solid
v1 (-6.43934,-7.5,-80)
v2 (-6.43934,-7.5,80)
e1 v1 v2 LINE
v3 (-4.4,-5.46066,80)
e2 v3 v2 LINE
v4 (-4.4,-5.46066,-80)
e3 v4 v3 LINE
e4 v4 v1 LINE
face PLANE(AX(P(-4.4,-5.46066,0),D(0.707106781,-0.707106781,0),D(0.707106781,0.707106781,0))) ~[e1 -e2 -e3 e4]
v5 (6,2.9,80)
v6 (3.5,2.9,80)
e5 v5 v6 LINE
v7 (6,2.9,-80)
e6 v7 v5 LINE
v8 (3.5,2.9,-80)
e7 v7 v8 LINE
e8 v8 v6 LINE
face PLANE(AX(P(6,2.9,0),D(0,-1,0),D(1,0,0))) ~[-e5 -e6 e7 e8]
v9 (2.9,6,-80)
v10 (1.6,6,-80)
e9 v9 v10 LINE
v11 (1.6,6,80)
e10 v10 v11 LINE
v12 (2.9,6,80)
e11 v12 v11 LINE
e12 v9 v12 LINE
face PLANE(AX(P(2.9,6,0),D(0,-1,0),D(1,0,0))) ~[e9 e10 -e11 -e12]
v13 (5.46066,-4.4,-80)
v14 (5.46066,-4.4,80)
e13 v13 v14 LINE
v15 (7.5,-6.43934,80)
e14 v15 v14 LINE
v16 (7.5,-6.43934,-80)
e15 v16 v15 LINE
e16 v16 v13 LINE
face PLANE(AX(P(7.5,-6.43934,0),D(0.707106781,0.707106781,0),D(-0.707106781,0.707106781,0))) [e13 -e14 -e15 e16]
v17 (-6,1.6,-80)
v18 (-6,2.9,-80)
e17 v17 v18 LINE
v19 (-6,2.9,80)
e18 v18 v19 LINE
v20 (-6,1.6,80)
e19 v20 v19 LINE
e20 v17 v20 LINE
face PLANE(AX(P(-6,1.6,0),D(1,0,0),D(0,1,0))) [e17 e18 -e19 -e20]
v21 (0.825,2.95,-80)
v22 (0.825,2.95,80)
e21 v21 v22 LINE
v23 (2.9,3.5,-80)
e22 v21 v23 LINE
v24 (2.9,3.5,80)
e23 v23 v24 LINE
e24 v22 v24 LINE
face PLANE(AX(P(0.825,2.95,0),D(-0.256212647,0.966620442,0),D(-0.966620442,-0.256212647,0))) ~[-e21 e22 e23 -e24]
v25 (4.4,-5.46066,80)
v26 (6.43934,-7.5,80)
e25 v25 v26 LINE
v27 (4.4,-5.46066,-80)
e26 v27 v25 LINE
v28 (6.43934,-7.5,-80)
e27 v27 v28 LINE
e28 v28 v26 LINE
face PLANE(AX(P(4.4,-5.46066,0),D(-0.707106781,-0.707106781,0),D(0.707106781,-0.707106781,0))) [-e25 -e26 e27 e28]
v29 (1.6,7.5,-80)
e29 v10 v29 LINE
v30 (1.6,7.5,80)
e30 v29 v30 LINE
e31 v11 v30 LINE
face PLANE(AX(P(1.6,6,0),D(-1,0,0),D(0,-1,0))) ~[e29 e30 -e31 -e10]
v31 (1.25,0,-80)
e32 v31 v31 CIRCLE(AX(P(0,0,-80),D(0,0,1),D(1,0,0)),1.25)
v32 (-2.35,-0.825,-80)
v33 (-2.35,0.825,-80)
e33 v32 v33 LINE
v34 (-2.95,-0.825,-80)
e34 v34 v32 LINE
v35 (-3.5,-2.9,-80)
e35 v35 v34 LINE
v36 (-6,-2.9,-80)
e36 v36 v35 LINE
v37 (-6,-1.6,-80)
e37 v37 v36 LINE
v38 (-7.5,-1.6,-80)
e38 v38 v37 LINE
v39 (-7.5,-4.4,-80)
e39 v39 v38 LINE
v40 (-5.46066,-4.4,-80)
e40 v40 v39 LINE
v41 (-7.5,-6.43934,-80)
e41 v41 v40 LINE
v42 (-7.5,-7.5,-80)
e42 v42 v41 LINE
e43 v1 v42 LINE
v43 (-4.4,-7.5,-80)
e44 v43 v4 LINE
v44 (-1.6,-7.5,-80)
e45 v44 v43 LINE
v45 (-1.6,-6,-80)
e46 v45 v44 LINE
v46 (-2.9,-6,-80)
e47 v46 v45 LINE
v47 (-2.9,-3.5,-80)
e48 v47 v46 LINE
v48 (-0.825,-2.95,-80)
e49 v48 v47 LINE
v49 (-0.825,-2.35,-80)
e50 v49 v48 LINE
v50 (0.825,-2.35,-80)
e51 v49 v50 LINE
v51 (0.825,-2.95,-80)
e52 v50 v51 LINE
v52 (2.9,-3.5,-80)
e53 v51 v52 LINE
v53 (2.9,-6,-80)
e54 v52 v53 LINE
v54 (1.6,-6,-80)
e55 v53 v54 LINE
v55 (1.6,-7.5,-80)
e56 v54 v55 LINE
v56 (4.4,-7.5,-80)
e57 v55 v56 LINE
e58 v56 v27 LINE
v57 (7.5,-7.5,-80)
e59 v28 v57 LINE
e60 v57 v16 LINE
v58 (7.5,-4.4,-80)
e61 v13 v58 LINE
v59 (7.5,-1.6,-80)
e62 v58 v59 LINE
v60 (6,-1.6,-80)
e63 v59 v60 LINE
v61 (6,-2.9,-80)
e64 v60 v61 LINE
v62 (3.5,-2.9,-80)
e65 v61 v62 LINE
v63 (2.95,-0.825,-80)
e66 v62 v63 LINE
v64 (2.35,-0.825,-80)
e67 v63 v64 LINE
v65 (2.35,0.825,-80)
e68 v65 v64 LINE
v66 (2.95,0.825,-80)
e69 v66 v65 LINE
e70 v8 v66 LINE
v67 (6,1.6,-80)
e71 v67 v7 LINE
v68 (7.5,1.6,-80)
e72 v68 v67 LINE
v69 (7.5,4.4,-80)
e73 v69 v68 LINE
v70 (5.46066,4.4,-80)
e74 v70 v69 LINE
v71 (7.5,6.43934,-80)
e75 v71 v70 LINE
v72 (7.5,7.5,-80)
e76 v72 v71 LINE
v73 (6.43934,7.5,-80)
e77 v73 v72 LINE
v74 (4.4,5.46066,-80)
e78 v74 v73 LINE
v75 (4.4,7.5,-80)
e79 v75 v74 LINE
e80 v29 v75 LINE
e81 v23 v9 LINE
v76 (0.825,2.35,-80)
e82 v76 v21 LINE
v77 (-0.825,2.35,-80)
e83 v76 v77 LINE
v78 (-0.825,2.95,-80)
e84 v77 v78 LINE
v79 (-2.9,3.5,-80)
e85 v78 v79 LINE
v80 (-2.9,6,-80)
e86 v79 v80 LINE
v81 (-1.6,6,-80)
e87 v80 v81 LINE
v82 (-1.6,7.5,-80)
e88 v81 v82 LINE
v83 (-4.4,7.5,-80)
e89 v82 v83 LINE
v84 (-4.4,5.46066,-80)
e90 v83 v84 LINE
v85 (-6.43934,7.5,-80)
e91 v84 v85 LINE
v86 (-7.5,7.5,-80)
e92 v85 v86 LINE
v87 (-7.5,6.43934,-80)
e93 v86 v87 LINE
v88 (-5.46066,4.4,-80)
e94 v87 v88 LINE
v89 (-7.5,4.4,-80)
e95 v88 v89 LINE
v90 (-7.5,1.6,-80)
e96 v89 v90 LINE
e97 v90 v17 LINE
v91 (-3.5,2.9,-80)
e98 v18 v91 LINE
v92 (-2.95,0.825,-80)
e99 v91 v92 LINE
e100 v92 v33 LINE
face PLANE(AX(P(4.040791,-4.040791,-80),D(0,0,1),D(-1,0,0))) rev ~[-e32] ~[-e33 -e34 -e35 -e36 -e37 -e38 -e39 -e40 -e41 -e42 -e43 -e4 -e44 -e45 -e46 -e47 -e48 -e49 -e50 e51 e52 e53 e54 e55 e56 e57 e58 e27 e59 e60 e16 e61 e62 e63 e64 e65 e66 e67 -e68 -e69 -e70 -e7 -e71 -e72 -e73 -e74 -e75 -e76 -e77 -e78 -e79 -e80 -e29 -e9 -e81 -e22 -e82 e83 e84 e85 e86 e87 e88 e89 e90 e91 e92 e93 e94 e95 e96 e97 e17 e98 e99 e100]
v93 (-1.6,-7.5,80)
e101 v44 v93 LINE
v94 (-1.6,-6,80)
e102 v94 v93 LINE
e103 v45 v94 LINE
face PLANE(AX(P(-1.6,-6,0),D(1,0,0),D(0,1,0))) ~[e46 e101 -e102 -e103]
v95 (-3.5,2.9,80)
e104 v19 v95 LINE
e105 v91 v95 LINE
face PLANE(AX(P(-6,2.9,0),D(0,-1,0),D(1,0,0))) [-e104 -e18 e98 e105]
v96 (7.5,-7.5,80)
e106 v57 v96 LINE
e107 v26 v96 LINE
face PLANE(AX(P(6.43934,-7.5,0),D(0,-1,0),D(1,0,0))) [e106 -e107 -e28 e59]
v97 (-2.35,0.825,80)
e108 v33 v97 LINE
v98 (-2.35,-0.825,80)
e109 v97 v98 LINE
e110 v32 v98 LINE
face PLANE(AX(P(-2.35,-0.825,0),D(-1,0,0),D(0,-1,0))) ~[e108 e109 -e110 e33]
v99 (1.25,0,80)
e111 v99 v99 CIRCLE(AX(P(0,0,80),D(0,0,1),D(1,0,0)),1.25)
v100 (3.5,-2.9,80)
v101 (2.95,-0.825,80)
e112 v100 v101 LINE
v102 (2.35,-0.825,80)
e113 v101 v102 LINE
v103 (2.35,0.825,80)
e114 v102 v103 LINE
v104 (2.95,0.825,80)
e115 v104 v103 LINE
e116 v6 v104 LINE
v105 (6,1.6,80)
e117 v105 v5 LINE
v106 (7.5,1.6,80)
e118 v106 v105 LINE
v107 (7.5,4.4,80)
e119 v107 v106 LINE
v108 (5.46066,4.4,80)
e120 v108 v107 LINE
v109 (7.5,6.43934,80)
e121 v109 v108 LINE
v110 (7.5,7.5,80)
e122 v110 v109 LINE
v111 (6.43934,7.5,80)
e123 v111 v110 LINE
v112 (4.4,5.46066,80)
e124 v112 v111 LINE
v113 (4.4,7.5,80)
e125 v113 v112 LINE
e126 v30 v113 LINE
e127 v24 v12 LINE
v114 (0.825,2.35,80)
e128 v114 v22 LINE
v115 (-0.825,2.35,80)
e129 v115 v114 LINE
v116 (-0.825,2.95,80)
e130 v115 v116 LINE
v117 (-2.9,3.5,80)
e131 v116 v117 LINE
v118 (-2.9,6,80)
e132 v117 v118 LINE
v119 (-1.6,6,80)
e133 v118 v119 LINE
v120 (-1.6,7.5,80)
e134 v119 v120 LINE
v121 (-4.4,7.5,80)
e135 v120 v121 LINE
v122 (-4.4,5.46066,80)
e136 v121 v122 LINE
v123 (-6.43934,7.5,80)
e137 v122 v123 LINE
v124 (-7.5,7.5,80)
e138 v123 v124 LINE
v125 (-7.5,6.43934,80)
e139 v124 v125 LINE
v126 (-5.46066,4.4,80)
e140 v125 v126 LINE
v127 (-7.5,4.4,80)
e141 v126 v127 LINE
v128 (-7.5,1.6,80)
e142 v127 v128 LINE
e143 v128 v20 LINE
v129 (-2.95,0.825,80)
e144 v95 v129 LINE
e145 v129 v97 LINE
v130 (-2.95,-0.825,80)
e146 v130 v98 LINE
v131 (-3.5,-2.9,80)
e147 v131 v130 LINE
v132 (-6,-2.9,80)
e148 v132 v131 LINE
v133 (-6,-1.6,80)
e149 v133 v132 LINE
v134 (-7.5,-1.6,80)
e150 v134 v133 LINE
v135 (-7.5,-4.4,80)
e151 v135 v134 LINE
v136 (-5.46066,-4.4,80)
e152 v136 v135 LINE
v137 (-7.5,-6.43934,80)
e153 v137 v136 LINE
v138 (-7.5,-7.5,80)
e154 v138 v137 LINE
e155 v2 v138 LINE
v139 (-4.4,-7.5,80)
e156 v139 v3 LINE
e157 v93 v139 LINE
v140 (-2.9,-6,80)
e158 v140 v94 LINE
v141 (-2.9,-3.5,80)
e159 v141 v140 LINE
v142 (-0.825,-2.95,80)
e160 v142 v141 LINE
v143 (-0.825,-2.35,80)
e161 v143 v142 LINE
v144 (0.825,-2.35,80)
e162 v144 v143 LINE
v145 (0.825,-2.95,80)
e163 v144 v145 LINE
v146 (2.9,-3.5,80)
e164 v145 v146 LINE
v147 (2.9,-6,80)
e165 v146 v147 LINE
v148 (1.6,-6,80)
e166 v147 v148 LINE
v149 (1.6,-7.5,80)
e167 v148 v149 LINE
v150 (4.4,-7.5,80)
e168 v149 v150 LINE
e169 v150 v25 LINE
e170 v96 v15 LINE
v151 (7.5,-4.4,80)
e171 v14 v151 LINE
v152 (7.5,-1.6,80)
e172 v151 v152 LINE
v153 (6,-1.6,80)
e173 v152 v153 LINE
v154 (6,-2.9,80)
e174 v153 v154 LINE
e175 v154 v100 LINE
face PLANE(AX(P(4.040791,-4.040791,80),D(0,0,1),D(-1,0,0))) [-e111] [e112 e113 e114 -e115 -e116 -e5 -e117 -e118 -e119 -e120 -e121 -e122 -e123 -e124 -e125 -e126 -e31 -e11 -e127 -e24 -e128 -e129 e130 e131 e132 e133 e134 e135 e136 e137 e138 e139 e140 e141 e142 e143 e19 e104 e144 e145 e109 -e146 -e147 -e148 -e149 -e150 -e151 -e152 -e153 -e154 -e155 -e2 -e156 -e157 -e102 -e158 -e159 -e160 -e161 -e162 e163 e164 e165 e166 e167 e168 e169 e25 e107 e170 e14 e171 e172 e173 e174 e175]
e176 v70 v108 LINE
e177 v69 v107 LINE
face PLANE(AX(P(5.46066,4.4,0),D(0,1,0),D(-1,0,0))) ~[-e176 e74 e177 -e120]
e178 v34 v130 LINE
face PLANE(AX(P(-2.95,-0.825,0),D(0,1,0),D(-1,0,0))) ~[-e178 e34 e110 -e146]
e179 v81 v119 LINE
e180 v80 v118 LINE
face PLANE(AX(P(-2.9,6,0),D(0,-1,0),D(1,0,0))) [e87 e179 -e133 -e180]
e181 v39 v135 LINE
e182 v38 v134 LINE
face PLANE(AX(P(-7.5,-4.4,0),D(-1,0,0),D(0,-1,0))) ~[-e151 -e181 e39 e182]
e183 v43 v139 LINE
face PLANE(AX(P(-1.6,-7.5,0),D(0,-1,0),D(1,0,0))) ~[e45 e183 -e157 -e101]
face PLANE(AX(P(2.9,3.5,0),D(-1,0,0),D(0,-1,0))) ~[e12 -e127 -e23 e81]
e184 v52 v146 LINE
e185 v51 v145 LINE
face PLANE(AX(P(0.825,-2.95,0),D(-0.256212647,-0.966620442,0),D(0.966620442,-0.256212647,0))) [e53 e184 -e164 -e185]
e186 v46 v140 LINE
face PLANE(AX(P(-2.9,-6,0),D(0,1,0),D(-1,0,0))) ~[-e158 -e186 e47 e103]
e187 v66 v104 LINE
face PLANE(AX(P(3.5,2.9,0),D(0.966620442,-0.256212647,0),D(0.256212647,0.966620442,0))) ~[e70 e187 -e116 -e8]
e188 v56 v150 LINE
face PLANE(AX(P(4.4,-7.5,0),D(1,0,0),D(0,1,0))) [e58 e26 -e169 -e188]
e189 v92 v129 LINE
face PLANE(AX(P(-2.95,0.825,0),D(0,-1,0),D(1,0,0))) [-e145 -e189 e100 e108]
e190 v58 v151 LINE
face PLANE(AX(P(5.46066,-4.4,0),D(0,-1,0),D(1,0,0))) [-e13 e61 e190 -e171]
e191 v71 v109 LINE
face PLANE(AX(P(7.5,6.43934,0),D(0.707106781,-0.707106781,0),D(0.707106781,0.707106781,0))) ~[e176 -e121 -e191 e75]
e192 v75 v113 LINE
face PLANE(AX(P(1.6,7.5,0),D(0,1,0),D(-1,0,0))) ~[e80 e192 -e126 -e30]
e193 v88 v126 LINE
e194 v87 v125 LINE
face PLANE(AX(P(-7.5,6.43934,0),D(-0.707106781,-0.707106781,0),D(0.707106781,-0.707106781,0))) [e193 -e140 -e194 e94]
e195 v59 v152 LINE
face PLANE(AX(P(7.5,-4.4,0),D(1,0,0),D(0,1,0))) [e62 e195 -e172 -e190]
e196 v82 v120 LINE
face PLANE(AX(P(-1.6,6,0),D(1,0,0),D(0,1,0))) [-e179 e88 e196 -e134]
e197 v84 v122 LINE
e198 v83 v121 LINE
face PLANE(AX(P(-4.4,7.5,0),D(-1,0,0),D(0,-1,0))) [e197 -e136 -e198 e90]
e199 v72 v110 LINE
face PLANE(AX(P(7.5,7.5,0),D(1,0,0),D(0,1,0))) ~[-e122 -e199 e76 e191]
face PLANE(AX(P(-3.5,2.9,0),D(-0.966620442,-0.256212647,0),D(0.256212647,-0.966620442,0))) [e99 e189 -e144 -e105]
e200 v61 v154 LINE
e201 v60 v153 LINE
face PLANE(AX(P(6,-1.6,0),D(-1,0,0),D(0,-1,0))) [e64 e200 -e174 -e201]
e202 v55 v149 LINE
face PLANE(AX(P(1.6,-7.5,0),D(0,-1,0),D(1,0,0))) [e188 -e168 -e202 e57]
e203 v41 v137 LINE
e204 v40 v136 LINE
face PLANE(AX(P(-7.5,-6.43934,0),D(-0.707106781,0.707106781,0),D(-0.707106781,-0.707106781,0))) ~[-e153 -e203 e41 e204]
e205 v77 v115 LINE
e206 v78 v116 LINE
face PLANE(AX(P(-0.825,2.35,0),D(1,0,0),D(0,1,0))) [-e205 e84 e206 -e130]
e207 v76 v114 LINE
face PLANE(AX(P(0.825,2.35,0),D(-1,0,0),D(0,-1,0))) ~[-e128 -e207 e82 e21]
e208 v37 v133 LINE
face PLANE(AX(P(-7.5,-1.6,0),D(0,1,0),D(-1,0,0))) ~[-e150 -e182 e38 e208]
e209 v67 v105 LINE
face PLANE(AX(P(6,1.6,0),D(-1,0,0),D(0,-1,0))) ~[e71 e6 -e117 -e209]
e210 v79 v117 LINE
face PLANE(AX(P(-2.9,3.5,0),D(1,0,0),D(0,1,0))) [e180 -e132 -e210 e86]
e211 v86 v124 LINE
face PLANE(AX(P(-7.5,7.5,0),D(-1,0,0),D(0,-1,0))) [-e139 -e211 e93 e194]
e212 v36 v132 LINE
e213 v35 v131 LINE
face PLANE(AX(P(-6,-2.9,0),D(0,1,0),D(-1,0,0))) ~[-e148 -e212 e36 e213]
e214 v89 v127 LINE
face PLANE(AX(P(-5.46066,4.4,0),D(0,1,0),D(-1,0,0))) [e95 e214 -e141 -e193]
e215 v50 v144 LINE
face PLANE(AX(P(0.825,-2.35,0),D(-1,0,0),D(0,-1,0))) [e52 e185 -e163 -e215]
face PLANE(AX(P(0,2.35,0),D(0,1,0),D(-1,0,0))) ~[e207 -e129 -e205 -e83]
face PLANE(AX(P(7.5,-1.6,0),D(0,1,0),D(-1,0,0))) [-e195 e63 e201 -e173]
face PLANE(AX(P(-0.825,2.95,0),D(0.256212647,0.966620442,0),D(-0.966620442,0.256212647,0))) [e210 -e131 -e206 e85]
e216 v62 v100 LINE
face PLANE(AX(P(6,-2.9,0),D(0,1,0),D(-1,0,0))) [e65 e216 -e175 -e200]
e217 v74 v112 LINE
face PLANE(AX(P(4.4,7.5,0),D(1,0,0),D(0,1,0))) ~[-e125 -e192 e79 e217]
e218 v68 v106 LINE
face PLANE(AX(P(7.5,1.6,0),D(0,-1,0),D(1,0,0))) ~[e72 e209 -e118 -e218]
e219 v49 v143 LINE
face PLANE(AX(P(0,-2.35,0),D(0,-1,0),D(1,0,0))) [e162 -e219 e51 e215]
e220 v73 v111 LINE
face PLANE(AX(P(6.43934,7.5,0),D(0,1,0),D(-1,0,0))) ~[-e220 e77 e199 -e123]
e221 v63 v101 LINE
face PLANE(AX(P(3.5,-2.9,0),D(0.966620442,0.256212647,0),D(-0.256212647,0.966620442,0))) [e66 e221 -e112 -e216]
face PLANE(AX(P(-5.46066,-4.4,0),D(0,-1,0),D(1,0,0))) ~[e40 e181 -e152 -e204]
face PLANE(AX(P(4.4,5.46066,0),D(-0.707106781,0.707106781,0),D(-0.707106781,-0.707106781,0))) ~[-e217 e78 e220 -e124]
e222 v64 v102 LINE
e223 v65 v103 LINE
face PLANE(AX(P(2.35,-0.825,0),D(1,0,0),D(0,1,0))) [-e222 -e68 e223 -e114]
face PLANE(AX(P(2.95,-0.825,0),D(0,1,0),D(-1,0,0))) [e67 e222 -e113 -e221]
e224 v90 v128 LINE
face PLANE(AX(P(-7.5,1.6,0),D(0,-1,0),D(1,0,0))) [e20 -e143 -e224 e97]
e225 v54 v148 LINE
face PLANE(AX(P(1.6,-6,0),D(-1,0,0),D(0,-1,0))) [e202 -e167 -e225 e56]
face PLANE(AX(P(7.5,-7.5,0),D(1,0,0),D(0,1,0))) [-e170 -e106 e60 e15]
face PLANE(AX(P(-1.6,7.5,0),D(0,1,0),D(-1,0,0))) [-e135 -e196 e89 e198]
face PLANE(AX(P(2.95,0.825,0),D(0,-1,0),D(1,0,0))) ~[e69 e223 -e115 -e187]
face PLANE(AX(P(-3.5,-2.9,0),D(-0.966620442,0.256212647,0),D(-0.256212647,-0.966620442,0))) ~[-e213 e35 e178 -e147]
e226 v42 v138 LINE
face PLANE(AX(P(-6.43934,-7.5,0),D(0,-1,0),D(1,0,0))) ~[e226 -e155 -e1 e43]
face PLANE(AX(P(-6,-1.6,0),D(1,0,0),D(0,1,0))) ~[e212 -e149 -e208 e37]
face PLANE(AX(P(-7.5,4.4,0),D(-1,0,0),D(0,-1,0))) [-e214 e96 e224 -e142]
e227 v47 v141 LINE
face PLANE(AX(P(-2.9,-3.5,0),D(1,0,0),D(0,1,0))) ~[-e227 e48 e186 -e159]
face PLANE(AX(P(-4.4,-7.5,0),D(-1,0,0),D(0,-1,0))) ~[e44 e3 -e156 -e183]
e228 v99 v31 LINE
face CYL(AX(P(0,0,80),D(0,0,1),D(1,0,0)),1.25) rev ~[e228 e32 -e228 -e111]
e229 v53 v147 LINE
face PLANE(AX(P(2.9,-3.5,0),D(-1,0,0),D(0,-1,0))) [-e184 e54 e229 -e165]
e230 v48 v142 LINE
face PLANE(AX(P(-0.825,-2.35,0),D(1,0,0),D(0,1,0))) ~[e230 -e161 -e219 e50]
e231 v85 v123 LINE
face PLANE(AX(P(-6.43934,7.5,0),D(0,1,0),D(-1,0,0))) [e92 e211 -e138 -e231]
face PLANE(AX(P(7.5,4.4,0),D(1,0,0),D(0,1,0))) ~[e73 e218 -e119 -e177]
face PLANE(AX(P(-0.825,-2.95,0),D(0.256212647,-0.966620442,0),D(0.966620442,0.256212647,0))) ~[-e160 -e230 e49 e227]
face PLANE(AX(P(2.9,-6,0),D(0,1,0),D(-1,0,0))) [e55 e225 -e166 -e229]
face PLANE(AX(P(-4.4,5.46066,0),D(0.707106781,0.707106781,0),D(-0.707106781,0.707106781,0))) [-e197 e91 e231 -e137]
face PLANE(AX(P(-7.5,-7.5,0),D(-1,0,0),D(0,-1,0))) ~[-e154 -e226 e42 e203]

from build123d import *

# Parameters (mm, degrees)
RESSALTO_EXTRUS_O1_DEPTH   = 80
ESPELHAR2_COPY_1_DEPTH     = 80
ESBO_O2_R                  = 1.25
CORTE_EXTRUS_O1_DEPTH      = 1
CORTE_EXTRUS_O1_DEPTH_BACK = 161


with BuildPart() as part:
    # Esboço1 → Ressalto-extrusão1 (new body, symmetric)
    with BuildSketch(Plane.XY):
        Polygon((0, 2.35), (-0.825, 2.35), (-0.825, 2.95), (-2.9, 3.5), (-2.9, 6), (-1.6, 6), (-1.6, 7.5), (-4.4, 7.5), (-4.4, 5.460660172), (-6.439339828, 7.5), (-7.5, 7.5), (-7.5, 6.439339828), (-5.460660172, 4.4), (-7.5, 4.4), (-7.5, 1.6), (-6, 1.6), (-6, 2.9), (-3.5, 2.9), (-2.95, 0.825), (-2.35, 0.825), (-2.35, 0), (0, 0), align=None)
    ressalto_extrus_o1 = extrude(amount=RESSALTO_EXTRUS_O1_DEPTH, both=True)

    # Espelhar1: Ressalto-extrusão1 across plane
    add(ressalto_extrus_o1.mirror(Plane.ZX))

    # Espelhar2: Ressalto-extrusão1 across plane
    add(ressalto_extrus_o1.mirror(Plane(origin=(0, 0, 0), x_dir=(0, 0, 1), z_dir=(1, 0, 0))))

    # Espelhar2 copy 1 sketch → Espelhar2 copy 1 (add, symmetric)
    with BuildSketch(Plane(origin=(0, 0, 0), x_dir=(-1, 0, 0), z_dir=(0, 0, 1))):
        Polygon((0, 2.35), (-0.825, 2.35), (-0.825, 2.95), (-2.9, 3.5), (-2.9, 6), (-1.6, 6), (-1.6, 7.5), (-4.4, 7.5), (-4.4, 5.460660172), (-6.439339828, 7.5), (-7.5, 7.5), (-7.5, 6.439339828), (-5.460660172, 4.4), (-7.5, 4.4), (-7.5, 1.6), (-6, 1.6), (-6, 2.9), (-3.5, 2.9), (-2.95, 0.825), (-2.35, 0.825), (-2.35, 0), (0, 0), align=None)
    extrude(amount=ESPELHAR2_COPY_1_DEPTH, both=True)

    # Esboço2 → Corte-extrusão1 (cut, two sides)
    with BuildSketch(Plane.XY.offset(80)) as corte_extrus_o1_sk:
        Circle(ESBO_O2_R)
    extrude(amount=CORTE_EXTRUS_O1_DEPTH, mode=Mode.SUBTRACT)
    extrude(corte_extrus_o1_sk.sketch, amount=-CORTE_EXTRUS_O1_DEPTH_BACK, mode=Mode.SUBTRACT)


solid = part.part
